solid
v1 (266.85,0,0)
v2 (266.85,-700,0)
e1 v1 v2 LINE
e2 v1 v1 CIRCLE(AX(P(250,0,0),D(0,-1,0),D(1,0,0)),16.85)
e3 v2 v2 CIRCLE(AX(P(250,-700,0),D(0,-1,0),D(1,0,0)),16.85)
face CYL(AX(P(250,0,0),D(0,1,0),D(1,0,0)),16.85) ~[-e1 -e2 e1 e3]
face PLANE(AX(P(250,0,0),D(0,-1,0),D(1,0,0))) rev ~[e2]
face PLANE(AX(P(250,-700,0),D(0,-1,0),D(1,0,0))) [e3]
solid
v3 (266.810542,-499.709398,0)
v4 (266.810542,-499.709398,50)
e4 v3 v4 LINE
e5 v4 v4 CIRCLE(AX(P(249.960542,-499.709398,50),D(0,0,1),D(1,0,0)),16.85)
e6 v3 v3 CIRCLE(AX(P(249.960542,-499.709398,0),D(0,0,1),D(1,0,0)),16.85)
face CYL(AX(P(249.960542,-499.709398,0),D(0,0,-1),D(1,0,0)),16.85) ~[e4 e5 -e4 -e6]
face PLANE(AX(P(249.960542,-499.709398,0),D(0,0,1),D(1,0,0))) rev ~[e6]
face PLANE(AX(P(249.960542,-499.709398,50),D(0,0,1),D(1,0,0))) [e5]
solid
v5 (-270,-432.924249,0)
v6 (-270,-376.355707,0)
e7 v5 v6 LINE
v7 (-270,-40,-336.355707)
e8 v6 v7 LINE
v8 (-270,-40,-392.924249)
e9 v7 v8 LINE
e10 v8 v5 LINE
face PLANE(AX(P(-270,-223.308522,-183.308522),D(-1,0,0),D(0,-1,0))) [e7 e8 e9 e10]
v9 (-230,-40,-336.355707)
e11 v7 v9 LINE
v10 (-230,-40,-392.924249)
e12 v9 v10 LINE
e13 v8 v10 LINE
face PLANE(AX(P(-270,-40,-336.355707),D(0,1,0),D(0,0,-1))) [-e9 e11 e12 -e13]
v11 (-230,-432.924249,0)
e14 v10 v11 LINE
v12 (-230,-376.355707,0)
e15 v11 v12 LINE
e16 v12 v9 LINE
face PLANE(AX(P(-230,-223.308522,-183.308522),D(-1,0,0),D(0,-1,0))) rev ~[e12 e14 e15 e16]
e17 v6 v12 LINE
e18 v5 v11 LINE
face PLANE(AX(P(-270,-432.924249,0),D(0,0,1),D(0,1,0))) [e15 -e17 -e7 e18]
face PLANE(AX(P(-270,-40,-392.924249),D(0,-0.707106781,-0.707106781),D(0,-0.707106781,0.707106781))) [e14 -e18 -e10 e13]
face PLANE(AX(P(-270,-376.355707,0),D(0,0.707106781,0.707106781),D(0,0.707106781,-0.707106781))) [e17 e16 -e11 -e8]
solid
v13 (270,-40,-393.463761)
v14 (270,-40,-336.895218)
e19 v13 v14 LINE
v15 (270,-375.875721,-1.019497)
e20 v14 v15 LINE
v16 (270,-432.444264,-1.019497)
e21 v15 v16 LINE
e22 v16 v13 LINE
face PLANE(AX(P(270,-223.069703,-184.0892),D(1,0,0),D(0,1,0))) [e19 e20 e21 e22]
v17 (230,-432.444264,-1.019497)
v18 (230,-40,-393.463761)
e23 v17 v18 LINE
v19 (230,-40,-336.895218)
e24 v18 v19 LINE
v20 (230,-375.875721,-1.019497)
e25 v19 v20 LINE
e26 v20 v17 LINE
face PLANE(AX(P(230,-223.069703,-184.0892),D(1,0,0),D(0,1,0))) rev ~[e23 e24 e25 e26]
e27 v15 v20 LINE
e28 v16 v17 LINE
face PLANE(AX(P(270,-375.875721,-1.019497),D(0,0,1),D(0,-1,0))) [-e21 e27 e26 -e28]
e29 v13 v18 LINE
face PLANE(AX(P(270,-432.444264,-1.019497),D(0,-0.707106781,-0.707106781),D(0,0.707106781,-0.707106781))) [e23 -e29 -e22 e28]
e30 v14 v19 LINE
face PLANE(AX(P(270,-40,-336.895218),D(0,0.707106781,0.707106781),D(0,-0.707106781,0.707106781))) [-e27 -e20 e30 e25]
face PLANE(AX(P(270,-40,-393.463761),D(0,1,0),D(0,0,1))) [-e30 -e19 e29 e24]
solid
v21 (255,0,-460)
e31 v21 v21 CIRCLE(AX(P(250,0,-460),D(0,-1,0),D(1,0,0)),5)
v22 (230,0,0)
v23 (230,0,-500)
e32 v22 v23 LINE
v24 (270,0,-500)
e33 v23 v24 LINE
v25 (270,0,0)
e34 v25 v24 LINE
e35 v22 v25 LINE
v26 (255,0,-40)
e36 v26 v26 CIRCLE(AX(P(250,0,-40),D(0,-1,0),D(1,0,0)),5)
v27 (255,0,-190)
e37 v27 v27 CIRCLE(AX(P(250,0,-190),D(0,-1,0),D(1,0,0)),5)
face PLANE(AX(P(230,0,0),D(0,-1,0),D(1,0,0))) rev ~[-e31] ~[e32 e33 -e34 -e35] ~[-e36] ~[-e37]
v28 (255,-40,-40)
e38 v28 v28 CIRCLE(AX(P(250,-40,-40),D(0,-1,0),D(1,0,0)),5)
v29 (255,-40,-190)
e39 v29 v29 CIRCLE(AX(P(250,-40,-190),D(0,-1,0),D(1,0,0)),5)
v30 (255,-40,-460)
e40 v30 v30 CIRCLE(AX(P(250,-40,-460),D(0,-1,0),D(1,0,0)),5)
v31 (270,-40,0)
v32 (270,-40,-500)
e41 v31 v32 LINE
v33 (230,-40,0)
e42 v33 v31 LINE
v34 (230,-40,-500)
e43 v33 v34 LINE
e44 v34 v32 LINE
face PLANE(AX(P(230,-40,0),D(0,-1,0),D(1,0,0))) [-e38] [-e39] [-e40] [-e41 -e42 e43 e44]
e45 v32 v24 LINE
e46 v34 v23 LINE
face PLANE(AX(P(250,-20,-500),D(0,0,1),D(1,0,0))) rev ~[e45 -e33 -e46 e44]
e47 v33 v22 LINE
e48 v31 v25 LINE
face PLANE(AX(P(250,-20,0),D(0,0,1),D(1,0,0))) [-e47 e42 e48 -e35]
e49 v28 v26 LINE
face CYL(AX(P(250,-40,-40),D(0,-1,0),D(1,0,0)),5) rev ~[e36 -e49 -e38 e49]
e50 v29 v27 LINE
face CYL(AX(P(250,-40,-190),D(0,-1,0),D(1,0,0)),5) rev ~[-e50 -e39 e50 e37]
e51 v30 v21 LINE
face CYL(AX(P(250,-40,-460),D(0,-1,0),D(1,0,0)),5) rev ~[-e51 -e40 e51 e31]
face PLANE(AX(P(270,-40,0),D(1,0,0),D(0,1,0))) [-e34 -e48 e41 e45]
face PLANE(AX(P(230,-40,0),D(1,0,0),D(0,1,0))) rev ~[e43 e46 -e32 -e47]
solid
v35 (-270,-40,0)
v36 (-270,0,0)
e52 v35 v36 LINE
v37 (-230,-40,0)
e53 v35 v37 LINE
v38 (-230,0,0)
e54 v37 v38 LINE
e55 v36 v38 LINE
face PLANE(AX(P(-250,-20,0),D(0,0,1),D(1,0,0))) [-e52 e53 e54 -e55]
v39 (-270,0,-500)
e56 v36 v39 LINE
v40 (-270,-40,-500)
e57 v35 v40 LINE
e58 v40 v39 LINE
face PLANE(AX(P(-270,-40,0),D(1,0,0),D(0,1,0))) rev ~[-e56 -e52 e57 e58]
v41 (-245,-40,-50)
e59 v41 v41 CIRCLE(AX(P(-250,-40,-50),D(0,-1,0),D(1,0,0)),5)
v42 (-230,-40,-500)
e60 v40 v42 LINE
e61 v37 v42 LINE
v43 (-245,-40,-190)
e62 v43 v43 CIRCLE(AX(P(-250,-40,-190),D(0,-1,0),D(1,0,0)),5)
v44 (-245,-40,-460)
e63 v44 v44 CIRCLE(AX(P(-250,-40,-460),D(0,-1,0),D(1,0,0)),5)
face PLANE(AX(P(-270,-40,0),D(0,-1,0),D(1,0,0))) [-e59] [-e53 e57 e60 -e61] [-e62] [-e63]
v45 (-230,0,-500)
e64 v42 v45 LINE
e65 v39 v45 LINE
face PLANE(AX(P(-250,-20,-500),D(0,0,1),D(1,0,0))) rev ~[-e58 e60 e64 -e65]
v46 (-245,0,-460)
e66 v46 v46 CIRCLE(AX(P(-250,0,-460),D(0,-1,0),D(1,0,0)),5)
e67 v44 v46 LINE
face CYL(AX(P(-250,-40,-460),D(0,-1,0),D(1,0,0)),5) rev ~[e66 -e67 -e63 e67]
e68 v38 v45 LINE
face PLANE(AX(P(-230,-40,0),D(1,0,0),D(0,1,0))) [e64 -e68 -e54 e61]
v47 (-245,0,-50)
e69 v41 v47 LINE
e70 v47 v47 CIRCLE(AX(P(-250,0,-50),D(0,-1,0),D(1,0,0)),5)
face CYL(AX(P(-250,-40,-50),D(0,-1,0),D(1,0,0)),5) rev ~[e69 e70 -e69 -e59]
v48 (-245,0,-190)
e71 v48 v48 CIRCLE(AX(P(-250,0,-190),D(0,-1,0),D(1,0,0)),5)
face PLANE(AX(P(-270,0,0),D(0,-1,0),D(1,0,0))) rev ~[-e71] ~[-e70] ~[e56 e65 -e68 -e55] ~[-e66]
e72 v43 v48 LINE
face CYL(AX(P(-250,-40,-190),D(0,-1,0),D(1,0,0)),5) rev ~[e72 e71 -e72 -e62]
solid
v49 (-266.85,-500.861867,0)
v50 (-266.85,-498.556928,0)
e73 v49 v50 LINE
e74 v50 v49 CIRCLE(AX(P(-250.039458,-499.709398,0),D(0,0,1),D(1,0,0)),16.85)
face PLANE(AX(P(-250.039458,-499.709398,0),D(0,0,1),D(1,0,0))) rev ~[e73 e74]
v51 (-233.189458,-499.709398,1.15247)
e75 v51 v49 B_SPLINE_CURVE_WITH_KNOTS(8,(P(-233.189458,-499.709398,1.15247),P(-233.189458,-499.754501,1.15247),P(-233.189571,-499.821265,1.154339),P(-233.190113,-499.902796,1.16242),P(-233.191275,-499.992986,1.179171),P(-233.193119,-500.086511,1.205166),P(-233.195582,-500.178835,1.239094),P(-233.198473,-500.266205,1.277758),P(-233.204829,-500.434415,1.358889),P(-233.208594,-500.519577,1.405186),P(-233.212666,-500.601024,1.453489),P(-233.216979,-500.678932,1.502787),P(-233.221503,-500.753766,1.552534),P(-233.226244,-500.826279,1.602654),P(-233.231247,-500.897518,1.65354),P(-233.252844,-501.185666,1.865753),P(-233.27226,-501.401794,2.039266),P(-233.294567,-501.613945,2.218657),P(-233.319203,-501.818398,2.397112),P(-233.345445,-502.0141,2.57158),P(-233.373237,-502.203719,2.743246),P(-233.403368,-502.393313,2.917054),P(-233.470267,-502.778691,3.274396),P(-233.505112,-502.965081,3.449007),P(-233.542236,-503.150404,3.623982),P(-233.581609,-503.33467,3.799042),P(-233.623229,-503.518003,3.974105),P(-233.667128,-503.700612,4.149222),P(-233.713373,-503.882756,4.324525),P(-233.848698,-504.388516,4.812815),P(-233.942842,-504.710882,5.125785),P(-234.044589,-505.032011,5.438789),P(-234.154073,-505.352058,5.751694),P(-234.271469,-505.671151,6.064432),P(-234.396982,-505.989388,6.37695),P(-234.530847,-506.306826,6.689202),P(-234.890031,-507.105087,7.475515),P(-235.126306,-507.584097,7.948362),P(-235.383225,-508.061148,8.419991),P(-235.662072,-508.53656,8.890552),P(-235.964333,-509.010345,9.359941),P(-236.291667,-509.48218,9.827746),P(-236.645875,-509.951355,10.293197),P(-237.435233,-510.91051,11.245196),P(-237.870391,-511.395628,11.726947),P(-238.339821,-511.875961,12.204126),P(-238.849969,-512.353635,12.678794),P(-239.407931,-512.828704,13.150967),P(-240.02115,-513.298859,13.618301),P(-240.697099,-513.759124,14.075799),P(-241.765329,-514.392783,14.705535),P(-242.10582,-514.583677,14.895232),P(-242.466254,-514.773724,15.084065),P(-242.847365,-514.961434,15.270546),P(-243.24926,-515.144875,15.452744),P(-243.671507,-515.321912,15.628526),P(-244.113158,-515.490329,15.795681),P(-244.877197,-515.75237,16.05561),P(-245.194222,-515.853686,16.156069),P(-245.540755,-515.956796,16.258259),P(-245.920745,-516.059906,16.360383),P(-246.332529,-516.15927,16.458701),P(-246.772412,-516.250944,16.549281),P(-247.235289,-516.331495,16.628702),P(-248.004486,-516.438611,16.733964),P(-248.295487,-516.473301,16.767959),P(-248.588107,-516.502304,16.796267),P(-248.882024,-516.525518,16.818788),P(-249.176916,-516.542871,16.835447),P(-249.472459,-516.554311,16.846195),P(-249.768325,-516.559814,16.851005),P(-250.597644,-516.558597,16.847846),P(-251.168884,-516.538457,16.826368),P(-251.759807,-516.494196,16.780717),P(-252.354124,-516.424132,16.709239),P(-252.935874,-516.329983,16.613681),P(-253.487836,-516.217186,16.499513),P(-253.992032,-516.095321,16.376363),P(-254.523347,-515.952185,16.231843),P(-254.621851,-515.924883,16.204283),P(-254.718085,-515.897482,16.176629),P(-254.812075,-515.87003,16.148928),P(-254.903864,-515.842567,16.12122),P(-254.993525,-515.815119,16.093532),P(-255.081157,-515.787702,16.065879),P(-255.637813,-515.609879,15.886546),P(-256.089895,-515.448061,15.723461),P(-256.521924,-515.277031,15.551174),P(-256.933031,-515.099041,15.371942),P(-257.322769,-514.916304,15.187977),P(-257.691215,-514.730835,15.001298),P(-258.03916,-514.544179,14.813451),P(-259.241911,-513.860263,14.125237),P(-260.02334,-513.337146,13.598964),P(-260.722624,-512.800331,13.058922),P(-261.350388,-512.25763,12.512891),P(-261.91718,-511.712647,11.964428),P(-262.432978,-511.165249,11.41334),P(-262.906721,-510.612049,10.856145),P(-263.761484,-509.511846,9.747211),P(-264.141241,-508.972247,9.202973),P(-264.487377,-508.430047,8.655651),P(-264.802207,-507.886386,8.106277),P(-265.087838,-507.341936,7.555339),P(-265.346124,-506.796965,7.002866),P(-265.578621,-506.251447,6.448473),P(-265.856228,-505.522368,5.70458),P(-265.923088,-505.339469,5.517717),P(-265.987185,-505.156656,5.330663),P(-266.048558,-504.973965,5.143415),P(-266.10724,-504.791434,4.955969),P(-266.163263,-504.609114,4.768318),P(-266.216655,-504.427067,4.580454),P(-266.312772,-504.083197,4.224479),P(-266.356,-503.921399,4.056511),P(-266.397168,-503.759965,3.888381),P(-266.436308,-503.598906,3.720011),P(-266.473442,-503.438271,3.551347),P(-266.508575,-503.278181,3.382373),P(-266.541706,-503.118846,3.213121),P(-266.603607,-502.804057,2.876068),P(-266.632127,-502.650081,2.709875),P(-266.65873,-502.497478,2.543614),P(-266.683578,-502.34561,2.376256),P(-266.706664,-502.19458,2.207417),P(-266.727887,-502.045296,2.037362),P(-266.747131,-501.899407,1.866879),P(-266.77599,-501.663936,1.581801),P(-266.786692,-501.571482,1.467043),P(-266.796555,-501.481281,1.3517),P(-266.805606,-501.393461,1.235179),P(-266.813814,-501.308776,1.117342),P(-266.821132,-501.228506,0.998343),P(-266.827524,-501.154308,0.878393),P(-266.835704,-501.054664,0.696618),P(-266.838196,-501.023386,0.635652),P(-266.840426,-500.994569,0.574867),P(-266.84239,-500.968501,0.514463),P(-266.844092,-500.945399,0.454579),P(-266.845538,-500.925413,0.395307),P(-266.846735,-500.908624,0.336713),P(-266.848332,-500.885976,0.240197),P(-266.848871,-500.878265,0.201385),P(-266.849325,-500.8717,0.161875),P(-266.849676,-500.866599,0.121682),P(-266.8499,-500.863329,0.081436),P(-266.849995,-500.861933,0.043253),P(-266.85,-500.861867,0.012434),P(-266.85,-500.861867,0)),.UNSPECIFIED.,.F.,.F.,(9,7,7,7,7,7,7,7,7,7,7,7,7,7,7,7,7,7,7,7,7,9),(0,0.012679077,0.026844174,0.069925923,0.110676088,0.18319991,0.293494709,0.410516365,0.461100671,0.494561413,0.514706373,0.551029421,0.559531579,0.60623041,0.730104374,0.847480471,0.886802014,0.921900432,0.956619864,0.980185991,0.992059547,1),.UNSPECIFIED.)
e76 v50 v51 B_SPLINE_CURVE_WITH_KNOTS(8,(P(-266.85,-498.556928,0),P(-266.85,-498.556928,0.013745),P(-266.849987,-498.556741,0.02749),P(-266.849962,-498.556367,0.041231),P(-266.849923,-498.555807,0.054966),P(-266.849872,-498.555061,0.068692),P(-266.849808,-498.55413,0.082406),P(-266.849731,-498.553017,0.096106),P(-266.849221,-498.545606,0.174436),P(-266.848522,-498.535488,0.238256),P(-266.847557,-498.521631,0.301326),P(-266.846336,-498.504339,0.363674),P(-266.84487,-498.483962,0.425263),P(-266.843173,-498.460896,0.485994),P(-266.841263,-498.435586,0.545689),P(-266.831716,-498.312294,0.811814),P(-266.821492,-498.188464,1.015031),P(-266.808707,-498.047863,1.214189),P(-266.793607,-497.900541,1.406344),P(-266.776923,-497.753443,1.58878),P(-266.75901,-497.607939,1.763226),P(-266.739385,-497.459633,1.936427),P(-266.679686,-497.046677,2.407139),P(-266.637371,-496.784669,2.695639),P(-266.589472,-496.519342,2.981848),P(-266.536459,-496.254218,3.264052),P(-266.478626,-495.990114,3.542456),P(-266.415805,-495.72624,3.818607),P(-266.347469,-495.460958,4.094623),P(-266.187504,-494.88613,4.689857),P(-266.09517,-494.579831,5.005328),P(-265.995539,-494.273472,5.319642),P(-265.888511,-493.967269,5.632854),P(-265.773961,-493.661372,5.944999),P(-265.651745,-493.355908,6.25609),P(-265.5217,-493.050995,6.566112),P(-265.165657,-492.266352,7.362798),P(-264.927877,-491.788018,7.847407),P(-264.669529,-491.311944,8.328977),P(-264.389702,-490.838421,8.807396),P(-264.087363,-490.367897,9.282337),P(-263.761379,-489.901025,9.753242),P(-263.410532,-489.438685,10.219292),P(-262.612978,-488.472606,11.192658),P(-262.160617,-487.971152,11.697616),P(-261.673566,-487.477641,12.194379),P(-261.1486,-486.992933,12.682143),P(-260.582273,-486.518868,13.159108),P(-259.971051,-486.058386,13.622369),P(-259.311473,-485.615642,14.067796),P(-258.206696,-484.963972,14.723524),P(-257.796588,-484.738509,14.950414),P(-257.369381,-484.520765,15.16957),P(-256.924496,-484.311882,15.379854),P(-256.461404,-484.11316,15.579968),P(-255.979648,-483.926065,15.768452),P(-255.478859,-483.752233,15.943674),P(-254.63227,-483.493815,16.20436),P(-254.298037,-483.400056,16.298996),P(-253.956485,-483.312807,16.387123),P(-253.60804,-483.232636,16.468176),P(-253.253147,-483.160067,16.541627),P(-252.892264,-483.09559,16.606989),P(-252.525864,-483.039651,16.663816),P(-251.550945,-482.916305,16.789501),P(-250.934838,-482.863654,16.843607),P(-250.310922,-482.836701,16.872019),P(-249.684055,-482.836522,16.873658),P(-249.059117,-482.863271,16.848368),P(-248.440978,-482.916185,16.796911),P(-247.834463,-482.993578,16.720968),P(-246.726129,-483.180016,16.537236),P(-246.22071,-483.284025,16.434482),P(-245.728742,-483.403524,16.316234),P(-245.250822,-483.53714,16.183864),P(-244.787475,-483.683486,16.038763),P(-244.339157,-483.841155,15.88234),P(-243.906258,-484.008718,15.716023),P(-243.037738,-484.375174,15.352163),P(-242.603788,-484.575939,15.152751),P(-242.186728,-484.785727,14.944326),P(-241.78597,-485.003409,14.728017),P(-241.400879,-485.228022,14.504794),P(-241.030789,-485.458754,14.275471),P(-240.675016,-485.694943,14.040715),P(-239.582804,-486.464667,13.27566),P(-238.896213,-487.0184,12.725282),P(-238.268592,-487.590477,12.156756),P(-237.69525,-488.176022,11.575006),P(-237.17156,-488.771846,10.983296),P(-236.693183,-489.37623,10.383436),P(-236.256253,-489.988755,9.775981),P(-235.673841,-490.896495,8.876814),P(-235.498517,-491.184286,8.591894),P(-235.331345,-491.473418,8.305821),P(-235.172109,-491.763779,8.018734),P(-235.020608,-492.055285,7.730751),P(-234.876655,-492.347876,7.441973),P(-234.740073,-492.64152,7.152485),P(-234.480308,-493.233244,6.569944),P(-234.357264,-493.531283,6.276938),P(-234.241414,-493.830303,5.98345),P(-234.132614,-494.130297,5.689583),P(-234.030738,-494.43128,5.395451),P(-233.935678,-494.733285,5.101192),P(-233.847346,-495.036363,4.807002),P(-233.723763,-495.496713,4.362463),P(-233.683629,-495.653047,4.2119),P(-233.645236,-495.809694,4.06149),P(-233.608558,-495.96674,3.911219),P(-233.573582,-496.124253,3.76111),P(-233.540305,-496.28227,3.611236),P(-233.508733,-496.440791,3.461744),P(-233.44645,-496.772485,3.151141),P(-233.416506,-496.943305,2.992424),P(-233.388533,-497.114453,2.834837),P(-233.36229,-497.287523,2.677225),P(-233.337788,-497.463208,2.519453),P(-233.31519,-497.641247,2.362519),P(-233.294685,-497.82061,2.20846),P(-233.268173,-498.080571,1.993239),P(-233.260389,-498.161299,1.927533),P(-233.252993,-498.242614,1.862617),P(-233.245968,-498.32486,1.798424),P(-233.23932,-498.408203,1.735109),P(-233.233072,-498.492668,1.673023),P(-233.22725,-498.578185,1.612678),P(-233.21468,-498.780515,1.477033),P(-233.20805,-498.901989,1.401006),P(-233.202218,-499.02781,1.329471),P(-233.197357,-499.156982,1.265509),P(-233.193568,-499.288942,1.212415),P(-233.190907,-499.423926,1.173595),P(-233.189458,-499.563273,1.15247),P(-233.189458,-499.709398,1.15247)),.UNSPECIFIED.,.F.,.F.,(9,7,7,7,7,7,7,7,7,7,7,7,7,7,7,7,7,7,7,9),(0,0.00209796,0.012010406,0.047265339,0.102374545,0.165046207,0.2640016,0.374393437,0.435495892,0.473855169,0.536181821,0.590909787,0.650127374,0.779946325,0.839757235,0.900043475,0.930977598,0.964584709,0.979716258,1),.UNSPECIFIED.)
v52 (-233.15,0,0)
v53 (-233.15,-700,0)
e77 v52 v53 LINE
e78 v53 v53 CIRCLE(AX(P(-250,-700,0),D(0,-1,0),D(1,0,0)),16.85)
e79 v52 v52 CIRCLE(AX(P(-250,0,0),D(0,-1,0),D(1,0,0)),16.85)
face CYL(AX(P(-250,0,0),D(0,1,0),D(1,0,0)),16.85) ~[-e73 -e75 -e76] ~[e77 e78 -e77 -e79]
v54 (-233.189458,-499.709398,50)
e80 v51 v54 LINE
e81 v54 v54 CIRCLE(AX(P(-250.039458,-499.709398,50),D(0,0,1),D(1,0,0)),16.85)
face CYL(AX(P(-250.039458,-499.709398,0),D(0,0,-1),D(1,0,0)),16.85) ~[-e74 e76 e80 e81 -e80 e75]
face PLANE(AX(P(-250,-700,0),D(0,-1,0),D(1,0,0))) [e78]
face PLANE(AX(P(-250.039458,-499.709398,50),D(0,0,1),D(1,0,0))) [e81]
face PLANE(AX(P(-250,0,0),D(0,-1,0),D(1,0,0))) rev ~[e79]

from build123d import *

# Parameters (mm, degrees)
F0_R      = 16.85
F1_DEPTH  = 700
F2_R      = 16.85
F3_DEPTH  = 50
F4_W      = 40
F4_H      = 40
F5_DEPTH  = 500
F7_DEPTH  = 40
F9_DEPTH  = 40
F10_R     = 5
F11_DEPTH = 40.0010001
F12_R     = 5
F13_DEPTH = 40.0010001


with BuildPart() as f1:
    # F0 (on Front) → F1 (new body)
    with BuildSketch(Plane.XZ):
        with Locations((-250, 0)):
            Circle(F0_R)
    extrude(amount=F1_DEPTH)

    # F2 (on Top) → F3 (join)
    with BuildSketch(Plane.XY):
        with Locations((-250.0394582748, -499.7093975544)):
            Circle(F2_R)
    extrude(amount=F3_DEPTH)


with BuildPart() as f1b:
    # F0 (on Front) → F1, piece 2 (new body)
    with BuildSketch(Plane.XZ):
        with Locations((250, 0)):
            Circle(F0_R)
    extrude(amount=F1_DEPTH)


with BuildPart() as f3:
    # F2 (on Top) → F3, piece 2 (new body)
    with BuildSketch(Plane.XY):
        with Locations((249.9605417252, -499.7093975544)):
            Circle(F2_R)
    extrude(amount=F3_DEPTH)


with BuildPart() as f5:
    # F4 (on Top) → F5 (new body)
    with BuildSketch(Plane.XY):
        with Locations((-250, -20)):
            Rectangle(F4_W, F4_H)
    extrude(amount=-F5_DEPTH)

    # F10 (on face) → F11 (cut, through all)
    with BuildSketch(Plane.XZ.offset(40)):
        with Locations((-250, -50)):
            Circle(F10_R)
        with Locations((-250, -190)):
            Circle(F10_R)
        with Locations((-250, -460)):
            Circle(F10_R)
    extrude(amount=-F11_DEPTH, mode=Mode.SUBTRACT)


with BuildPart() as f5b:
    # F4 (on Top) → F5, piece 2 (new body)
    with BuildSketch(Plane.XY):
        with Locations((250, -20)):
            Rectangle(F4_W, F4_H)
    extrude(amount=-F5_DEPTH)

    # F12 (on face) → F13 (cut, through all)
    with BuildSketch(Plane.XZ.offset(40)):
        with Locations((250, -40)):
            Circle(F12_R)
        with Locations((250, -190)):
            Circle(F12_R)
        with Locations((250, -460)):
            Circle(F12_R)
    extrude(amount=-F13_DEPTH, mode=Mode.SUBTRACT)


with BuildPart() as f7:
    # F6 (on face) → F7 (new body)
    with BuildSketch(Plane(origin=(-270, 0, 0), x_dir=(0, -1, 0), z_dir=(-1, 0, 0))):
        Polygon((376.3557066773, 0), (40, -336.3557066773), (40, -392.9242491722), (432.9242491722, 0), align=None)
    extrude(amount=-F7_DEPTH)


with BuildPart() as f9:
    # F8 (on face) → F9 (new body)
    with BuildSketch(Plane.YZ.offset(270)):
        Polygon((-40, -393.4637606144), (-40, -336.8952181195), (-375.8757210636, -1.0194970559), (-432.4442635585, -1.0194970559), align=None)
    extrude(amount=-F9_DEPTH)


solid = Compound([f1.part, f1b.part, f3.part, f5.part, f5b.part, f7.part, f9.part])
